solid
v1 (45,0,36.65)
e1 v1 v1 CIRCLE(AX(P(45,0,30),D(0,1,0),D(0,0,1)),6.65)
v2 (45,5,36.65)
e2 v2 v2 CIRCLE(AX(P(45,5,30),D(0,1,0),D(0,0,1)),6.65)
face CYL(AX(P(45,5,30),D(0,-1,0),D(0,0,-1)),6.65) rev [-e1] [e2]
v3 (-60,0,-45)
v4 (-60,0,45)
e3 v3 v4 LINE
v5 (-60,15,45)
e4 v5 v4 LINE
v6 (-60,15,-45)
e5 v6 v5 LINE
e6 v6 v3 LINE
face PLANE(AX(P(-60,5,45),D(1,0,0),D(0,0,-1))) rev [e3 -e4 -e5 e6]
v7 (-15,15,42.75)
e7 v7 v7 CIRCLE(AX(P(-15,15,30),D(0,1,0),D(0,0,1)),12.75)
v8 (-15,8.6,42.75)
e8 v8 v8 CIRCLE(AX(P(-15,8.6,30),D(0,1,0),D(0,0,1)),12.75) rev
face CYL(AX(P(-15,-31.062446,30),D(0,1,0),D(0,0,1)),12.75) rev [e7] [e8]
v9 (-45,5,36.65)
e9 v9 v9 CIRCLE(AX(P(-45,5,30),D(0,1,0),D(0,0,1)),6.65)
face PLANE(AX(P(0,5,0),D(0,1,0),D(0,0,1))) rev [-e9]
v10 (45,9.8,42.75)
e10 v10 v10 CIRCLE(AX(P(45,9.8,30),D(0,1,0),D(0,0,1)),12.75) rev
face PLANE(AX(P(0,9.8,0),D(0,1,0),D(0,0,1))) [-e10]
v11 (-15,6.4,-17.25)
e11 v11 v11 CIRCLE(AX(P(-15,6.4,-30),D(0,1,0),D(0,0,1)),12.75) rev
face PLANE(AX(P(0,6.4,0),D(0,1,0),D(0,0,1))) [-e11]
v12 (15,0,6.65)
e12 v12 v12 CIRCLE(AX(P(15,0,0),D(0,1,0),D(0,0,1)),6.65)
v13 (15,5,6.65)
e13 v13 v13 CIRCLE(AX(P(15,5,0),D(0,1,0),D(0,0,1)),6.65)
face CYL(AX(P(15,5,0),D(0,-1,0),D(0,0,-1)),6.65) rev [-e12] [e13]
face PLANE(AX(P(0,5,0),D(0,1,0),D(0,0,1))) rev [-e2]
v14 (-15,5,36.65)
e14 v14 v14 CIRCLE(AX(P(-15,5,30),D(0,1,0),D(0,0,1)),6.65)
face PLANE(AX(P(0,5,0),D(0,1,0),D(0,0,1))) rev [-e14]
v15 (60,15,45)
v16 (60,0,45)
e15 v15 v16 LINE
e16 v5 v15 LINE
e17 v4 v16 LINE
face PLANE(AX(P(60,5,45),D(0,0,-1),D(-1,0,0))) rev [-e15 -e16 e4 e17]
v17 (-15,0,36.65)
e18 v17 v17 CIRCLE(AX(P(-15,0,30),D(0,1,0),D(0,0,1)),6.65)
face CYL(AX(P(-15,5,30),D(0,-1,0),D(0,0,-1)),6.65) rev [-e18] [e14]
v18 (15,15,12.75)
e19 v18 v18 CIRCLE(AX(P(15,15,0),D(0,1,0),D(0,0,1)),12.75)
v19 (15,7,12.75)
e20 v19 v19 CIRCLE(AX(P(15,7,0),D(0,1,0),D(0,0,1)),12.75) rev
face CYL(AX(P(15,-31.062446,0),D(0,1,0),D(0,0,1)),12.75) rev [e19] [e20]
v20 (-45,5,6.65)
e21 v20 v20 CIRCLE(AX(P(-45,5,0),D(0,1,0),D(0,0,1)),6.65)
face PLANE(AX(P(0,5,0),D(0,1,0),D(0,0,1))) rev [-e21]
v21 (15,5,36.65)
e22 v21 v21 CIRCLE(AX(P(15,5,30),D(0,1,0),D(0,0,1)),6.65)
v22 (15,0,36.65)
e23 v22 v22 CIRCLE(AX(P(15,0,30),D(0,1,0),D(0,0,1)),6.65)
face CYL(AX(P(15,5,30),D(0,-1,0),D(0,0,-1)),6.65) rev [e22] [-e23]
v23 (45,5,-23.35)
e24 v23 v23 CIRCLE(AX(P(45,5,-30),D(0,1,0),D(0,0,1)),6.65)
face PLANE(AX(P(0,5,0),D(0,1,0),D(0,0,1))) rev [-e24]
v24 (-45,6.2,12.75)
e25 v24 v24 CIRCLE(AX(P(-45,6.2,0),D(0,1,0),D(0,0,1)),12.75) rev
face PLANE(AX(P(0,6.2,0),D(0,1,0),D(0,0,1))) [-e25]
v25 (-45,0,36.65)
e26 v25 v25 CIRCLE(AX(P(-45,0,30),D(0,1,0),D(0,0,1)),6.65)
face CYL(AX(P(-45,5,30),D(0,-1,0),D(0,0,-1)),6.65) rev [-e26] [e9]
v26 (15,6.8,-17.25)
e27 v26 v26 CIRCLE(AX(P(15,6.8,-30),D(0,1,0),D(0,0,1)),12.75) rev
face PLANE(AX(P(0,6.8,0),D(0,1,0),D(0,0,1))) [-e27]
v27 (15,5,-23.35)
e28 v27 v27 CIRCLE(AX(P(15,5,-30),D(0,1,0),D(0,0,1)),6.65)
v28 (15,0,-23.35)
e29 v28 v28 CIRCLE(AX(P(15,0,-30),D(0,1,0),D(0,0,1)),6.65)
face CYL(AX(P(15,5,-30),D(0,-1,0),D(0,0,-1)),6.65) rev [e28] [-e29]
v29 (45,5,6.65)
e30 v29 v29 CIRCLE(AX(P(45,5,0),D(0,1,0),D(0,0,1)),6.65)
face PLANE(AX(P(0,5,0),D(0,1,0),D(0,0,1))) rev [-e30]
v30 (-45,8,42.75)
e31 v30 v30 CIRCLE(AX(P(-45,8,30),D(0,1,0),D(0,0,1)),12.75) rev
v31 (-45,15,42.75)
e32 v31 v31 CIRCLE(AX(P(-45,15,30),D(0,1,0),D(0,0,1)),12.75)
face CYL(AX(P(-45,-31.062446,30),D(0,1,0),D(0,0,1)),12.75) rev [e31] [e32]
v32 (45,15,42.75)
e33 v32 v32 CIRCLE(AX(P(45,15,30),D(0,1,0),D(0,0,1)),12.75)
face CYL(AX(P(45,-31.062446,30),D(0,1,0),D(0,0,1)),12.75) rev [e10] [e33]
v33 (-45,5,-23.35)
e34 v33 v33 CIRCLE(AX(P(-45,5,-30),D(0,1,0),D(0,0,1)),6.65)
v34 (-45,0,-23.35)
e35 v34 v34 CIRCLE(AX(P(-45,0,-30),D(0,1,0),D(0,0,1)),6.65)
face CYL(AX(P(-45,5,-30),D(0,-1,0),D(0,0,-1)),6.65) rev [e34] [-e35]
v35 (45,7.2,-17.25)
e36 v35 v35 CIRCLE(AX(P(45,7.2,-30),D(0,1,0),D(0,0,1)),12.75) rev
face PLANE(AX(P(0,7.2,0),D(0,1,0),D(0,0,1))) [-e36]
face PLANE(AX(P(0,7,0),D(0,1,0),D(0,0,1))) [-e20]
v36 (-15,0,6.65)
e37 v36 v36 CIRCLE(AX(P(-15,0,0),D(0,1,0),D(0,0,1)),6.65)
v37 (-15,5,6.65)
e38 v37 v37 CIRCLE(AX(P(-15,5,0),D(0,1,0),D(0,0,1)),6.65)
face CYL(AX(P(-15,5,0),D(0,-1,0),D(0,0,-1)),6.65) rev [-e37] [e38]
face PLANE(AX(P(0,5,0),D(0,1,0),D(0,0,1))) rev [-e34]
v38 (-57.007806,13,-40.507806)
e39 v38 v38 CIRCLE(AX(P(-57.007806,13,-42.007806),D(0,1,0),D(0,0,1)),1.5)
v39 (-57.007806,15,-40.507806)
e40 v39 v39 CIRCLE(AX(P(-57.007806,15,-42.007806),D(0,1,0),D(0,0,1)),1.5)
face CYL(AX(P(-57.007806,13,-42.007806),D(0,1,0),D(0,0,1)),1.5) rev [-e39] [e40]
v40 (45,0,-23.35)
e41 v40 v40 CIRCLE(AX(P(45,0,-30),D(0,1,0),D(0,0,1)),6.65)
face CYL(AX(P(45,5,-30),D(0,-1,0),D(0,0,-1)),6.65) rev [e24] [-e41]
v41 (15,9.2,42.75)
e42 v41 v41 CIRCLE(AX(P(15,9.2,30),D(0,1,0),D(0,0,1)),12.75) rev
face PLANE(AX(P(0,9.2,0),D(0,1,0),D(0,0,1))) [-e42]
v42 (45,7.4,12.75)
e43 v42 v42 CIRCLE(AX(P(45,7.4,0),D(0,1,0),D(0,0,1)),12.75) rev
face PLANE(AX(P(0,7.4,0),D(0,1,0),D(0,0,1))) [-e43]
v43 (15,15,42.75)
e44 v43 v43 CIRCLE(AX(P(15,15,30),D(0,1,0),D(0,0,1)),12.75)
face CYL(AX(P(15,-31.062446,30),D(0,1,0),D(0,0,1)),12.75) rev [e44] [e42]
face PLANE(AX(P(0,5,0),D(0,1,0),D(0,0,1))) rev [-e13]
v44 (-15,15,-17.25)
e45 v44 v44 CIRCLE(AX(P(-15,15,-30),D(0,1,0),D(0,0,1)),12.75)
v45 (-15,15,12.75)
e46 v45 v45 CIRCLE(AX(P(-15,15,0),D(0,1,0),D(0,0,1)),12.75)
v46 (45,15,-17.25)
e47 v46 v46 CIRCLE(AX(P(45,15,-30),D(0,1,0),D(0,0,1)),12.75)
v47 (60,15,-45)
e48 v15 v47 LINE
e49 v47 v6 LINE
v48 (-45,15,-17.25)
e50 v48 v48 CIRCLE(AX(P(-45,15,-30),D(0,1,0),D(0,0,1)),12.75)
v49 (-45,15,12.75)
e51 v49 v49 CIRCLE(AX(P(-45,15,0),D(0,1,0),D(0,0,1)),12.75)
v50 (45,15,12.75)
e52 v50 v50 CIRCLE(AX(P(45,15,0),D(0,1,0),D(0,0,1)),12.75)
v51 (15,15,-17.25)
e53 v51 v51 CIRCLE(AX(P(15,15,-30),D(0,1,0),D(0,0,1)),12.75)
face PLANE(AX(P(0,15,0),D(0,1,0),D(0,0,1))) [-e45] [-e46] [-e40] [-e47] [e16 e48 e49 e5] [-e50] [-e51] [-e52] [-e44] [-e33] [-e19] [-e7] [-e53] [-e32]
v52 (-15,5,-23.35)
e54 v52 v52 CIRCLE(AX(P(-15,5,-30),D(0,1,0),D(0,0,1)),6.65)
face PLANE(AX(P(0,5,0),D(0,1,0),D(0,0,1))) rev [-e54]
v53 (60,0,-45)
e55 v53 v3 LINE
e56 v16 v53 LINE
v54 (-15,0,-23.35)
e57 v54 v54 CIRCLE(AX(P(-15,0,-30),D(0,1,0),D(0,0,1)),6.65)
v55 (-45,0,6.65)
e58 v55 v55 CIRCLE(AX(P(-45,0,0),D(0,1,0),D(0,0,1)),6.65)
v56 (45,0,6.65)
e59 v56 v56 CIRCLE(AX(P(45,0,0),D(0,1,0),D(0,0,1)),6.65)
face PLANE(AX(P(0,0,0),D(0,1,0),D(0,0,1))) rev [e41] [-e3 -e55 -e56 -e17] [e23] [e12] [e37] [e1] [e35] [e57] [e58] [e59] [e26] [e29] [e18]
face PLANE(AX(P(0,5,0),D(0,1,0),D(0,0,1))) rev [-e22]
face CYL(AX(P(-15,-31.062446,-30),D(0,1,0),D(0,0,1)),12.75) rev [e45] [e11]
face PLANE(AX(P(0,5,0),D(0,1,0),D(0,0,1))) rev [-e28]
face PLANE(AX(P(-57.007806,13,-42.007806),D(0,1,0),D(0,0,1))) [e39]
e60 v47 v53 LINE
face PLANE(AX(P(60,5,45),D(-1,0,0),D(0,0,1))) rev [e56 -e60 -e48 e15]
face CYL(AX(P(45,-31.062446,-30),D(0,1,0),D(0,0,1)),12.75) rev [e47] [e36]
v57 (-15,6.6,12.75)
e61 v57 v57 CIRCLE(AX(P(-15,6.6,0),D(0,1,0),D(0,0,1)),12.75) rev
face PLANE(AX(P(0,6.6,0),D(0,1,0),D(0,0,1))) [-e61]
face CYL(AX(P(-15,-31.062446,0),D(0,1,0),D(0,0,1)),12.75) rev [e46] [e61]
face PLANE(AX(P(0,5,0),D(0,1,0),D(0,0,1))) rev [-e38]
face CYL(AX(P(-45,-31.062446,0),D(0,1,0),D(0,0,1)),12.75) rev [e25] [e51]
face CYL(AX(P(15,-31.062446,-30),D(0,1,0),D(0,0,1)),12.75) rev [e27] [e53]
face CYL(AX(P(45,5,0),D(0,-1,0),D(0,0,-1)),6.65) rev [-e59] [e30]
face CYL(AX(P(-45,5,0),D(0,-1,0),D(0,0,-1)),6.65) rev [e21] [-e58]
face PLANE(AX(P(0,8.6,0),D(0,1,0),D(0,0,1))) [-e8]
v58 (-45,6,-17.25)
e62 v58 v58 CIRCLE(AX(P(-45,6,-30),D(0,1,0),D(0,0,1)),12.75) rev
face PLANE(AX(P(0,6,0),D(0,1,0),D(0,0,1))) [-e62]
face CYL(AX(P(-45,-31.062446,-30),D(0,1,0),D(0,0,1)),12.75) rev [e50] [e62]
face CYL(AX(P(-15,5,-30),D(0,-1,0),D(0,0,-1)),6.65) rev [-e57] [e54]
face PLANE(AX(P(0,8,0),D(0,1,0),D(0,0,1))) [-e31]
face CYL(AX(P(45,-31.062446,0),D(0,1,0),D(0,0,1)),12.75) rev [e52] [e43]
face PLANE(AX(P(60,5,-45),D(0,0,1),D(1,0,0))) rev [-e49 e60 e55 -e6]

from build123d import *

# Parameters (mm, degrees)
SKETCH1_W           = 120
SKETCH1_H           = 90
SKETCH1_R           = 6.65
BOSS_EXTRUDE1_DEPTH = 5
SKETCH3_W           = 120
SKETCH3_H           = 90
BOSS_EXTRUDE6_DEPTH = 10
SKETCH2_R           = 12.75
CUT_EXTRUDE1_DEPTH  = 9
SKETCH2_8_R         = 12.75
CUT_EXTRUDE2_DEPTH  = 8.8
SKETCH2_9_R         = 12.75
CUT_EXTRUDE3_DEPTH  = 7
SKETCH2_10_R        = 12.75
CUT_EXTRUDE4_DEPTH  = 8.6
SKETCH2_11_R        = 12.75
CUT_EXTRUDE5_DEPTH  = 8.4
SKETCH2_12_R        = 12.75
CUT_EXTRUDE6_DEPTH  = 6.4
SKETCH2_13_R        = 12.75
CUT_EXTRUDE7_DEPTH  = 8.2
SKETCH2_14_R        = 12.75
CUT_EXTRUDE8_DEPTH  = 8
SKETCH2_15_R        = 12.75
CUT_EXTRUDE9_DEPTH  = 5.8
SKETCH2_16_R        = 12.75
CUT_EXTRUDE10_DEPTH = 7.8
SKETCH2_17_R        = 12.75
CUT_EXTRUDE11_DEPTH = 7.6
SKETCH2_18_R        = 12.75
CUT_EXTRUDE12_DEPTH = 5.2
SKETCH4_R           = 1.5
CUT_EXTRUDE13_DEPTH = 2


with BuildPart() as part:
    # Sketch1 → Boss-Extrude1 (new body)
    with BuildSketch(Plane(origin=(0, 0, 0), x_dir=(1, 0, 0), z_dir=(0, 1, 0))):
        Rectangle(SKETCH1_W, SKETCH1_H)
        with Locations(Location((-45, 30, 0), (0, 0, 270))):
            Circle(SKETCH1_R, mode=Mode.SUBTRACT)
        with Locations(Location((-15, 30, 0), (0, 0, 270))):
            Circle(SKETCH1_R, mode=Mode.SUBTRACT)
        with Locations(Location((15, 30, 0), (0, 0, 270))):
            Circle(SKETCH1_R, mode=Mode.SUBTRACT)
        with Locations(Location((45, 30, 0), (0, 0, 270))):
            Circle(SKETCH1_R, mode=Mode.SUBTRACT)
        with Locations(Location((-45, 0, 0), (0, 0, 270))):
            Circle(SKETCH1_R, mode=Mode.SUBTRACT)
        with Locations(Location((-15, 0, 0), (0, 0, 270))):
            Circle(SKETCH1_R, mode=Mode.SUBTRACT)
        with Locations(Location((15, 0, 0), (0, 0, 270))):
            Circle(SKETCH1_R, mode=Mode.SUBTRACT)
        with Locations(Location((45, 0, 0), (0, 0, 270))):
            Circle(SKETCH1_R, mode=Mode.SUBTRACT)
        with Locations(Location((-45, -30, 0), (0, 0, 270))):
            Circle(SKETCH1_R, mode=Mode.SUBTRACT)
        with Locations(Location((-15, -30, 0), (0, 0, 270))):
            Circle(SKETCH1_R, mode=Mode.SUBTRACT)
        with Locations(Location((15, -30, 0), (0, 0, 270))):
            Circle(SKETCH1_R, mode=Mode.SUBTRACT)
        with Locations(Location((45, -30, 0), (0, 0, 270))):
            Circle(SKETCH1_R, mode=Mode.SUBTRACT)
    extrude(amount=BOSS_EXTRUDE1_DEPTH)

    # Sketch3 → Boss-Extrude6 (add)
    with BuildSketch(Plane(origin=(0, 5, 0), x_dir=(1, 0, 0), z_dir=(0, 1, 0))):
        Rectangle(SKETCH3_W, SKETCH3_H)
    extrude(amount=BOSS_EXTRUDE6_DEPTH)

    # Sketch2 → Cut-Extrude1 (cut)
    with BuildSketch(Plane(origin=(0, 15, 0), x_dir=(1, 0, 0), z_dir=(0, 1, 0))):
        with Locations(Location((-45, 30, 0), (0, 0, 270))):
            Circle(SKETCH2_R)
    extrude(amount=-CUT_EXTRUDE1_DEPTH, mode=Mode.SUBTRACT)

    # Sketch2<8> → Cut-Extrude2 (cut)
    with BuildSketch(Plane(origin=(0, 15, 0), x_dir=(1, 0, 0), z_dir=(0, 1, 0))):
        with Locations(Location((-45, 0, 0), (0, 0, 270))):
            Circle(SKETCH2_8_R)
    extrude(amount=-CUT_EXTRUDE2_DEPTH, mode=Mode.SUBTRACT)

    # Sketch2<9> → Cut-Extrude3 (cut)
    with BuildSketch(Plane(origin=(0, 15, 0), x_dir=(1, 0, 0), z_dir=(0, 1, 0))):
        with Locations(Location((-45, -30, 0), (0, 0, 270))):
            Circle(SKETCH2_9_R)
    extrude(amount=-CUT_EXTRUDE3_DEPTH, mode=Mode.SUBTRACT)

    # Sketch2<10> → Cut-Extrude4 (cut)
    with BuildSketch(Plane(origin=(0, 15, 0), x_dir=(1, 0, 0), z_dir=(0, 1, 0))):
        with Locations(Location((-15, 30, 0), (0, 0, 270))):
            Circle(SKETCH2_10_R)
    extrude(amount=-CUT_EXTRUDE4_DEPTH, mode=Mode.SUBTRACT)

    # Sketch2<11> → Cut-Extrude5 (cut)
    with BuildSketch(Plane(origin=(0, 15, 0), x_dir=(1, 0, 0), z_dir=(0, 1, 0))):
        with Locations(Location((-15, 0, 0), (0, 0, 270))):
            Circle(SKETCH2_11_R)
    extrude(amount=-CUT_EXTRUDE5_DEPTH, mode=Mode.SUBTRACT)

    # Sketch2<12> → Cut-Extrude6 (cut)
    with BuildSketch(Plane(origin=(0, 15, 0), x_dir=(1, 0, 0), z_dir=(0, 1, 0))):
        with Locations(Location((-15, -30, 0), (0, 0, 270))):
            Circle(SKETCH2_12_R)
    extrude(amount=-CUT_EXTRUDE6_DEPTH, mode=Mode.SUBTRACT)

    # Sketch2<13> → Cut-Extrude7 (cut)
    with BuildSketch(Plane(origin=(0, 15, 0), x_dir=(1, 0, 0), z_dir=(0, 1, 0))):
        with Locations(Location((15, 30, 0), (0, 0, 270))):
            Circle(SKETCH2_13_R)
    extrude(amount=-CUT_EXTRUDE7_DEPTH, mode=Mode.SUBTRACT)

    # Sketch2<14> → Cut-Extrude8 (cut)
    with BuildSketch(Plane(origin=(0, 15, 0), x_dir=(1, 0, 0), z_dir=(0, 1, 0))):
        with Locations(Location((15, 0, 0), (0, 0, 270))):
            Circle(SKETCH2_14_R)
    extrude(amount=-CUT_EXTRUDE8_DEPTH, mode=Mode.SUBTRACT)

    # Sketch2<15> → Cut-Extrude9 (cut)
    with BuildSketch(Plane(origin=(0, 15, 0), x_dir=(1, 0, 0), z_dir=(0, 1, 0))):
        with Locations(Location((15, -30, 0), (0, 0, 270))):
            Circle(SKETCH2_15_R)
    extrude(amount=-CUT_EXTRUDE9_DEPTH, mode=Mode.SUBTRACT)

    # Sketch2<16> → Cut-Extrude10 (cut)
    with BuildSketch(Plane(origin=(0, 15, 0), x_dir=(1, 0, 0), z_dir=(0, 1, 0))):
        with Locations(Location((45, 30, 0), (0, 0, 270))):
            Circle(SKETCH2_16_R)
    extrude(amount=-CUT_EXTRUDE10_DEPTH, mode=Mode.SUBTRACT)

    # Sketch2<17> → Cut-Extrude11 (cut)
    with BuildSketch(Plane(origin=(0, 15, 0), x_dir=(1, 0, 0), z_dir=(0, 1, 0))):
        with Locations(Location((45, 0, 0), (0, 0, 270))):
            Circle(SKETCH2_17_R)
    extrude(amount=-CUT_EXTRUDE11_DEPTH, mode=Mode.SUBTRACT)

    # Sketch2<18> → Cut-Extrude12 (cut)
    with BuildSketch(Plane(origin=(0, 15, 0), x_dir=(1, 0, 0), z_dir=(0, 1, 0))):
        with Locations(Location((45, -30, 0), (0, 0, 270))):
            Circle(SKETCH2_18_R)
    extrude(amount=-CUT_EXTRUDE12_DEPTH, mode=Mode.SUBTRACT)

    # Sketch4 → Cut-Extrude13 (cut)
    with BuildSketch(Plane(origin=(0, 15, 0), x_dir=(1, 0, 0), z_dir=(0, 1, 0))):
        with Locations(Location((-57.00780573, 42.00780573, 0), (0, 0, 270))):
            Circle(SKETCH4_R)
    extrude(amount=-CUT_EXTRUDE13_DEPTH, mode=Mode.SUBTRACT)


solid = part.part
